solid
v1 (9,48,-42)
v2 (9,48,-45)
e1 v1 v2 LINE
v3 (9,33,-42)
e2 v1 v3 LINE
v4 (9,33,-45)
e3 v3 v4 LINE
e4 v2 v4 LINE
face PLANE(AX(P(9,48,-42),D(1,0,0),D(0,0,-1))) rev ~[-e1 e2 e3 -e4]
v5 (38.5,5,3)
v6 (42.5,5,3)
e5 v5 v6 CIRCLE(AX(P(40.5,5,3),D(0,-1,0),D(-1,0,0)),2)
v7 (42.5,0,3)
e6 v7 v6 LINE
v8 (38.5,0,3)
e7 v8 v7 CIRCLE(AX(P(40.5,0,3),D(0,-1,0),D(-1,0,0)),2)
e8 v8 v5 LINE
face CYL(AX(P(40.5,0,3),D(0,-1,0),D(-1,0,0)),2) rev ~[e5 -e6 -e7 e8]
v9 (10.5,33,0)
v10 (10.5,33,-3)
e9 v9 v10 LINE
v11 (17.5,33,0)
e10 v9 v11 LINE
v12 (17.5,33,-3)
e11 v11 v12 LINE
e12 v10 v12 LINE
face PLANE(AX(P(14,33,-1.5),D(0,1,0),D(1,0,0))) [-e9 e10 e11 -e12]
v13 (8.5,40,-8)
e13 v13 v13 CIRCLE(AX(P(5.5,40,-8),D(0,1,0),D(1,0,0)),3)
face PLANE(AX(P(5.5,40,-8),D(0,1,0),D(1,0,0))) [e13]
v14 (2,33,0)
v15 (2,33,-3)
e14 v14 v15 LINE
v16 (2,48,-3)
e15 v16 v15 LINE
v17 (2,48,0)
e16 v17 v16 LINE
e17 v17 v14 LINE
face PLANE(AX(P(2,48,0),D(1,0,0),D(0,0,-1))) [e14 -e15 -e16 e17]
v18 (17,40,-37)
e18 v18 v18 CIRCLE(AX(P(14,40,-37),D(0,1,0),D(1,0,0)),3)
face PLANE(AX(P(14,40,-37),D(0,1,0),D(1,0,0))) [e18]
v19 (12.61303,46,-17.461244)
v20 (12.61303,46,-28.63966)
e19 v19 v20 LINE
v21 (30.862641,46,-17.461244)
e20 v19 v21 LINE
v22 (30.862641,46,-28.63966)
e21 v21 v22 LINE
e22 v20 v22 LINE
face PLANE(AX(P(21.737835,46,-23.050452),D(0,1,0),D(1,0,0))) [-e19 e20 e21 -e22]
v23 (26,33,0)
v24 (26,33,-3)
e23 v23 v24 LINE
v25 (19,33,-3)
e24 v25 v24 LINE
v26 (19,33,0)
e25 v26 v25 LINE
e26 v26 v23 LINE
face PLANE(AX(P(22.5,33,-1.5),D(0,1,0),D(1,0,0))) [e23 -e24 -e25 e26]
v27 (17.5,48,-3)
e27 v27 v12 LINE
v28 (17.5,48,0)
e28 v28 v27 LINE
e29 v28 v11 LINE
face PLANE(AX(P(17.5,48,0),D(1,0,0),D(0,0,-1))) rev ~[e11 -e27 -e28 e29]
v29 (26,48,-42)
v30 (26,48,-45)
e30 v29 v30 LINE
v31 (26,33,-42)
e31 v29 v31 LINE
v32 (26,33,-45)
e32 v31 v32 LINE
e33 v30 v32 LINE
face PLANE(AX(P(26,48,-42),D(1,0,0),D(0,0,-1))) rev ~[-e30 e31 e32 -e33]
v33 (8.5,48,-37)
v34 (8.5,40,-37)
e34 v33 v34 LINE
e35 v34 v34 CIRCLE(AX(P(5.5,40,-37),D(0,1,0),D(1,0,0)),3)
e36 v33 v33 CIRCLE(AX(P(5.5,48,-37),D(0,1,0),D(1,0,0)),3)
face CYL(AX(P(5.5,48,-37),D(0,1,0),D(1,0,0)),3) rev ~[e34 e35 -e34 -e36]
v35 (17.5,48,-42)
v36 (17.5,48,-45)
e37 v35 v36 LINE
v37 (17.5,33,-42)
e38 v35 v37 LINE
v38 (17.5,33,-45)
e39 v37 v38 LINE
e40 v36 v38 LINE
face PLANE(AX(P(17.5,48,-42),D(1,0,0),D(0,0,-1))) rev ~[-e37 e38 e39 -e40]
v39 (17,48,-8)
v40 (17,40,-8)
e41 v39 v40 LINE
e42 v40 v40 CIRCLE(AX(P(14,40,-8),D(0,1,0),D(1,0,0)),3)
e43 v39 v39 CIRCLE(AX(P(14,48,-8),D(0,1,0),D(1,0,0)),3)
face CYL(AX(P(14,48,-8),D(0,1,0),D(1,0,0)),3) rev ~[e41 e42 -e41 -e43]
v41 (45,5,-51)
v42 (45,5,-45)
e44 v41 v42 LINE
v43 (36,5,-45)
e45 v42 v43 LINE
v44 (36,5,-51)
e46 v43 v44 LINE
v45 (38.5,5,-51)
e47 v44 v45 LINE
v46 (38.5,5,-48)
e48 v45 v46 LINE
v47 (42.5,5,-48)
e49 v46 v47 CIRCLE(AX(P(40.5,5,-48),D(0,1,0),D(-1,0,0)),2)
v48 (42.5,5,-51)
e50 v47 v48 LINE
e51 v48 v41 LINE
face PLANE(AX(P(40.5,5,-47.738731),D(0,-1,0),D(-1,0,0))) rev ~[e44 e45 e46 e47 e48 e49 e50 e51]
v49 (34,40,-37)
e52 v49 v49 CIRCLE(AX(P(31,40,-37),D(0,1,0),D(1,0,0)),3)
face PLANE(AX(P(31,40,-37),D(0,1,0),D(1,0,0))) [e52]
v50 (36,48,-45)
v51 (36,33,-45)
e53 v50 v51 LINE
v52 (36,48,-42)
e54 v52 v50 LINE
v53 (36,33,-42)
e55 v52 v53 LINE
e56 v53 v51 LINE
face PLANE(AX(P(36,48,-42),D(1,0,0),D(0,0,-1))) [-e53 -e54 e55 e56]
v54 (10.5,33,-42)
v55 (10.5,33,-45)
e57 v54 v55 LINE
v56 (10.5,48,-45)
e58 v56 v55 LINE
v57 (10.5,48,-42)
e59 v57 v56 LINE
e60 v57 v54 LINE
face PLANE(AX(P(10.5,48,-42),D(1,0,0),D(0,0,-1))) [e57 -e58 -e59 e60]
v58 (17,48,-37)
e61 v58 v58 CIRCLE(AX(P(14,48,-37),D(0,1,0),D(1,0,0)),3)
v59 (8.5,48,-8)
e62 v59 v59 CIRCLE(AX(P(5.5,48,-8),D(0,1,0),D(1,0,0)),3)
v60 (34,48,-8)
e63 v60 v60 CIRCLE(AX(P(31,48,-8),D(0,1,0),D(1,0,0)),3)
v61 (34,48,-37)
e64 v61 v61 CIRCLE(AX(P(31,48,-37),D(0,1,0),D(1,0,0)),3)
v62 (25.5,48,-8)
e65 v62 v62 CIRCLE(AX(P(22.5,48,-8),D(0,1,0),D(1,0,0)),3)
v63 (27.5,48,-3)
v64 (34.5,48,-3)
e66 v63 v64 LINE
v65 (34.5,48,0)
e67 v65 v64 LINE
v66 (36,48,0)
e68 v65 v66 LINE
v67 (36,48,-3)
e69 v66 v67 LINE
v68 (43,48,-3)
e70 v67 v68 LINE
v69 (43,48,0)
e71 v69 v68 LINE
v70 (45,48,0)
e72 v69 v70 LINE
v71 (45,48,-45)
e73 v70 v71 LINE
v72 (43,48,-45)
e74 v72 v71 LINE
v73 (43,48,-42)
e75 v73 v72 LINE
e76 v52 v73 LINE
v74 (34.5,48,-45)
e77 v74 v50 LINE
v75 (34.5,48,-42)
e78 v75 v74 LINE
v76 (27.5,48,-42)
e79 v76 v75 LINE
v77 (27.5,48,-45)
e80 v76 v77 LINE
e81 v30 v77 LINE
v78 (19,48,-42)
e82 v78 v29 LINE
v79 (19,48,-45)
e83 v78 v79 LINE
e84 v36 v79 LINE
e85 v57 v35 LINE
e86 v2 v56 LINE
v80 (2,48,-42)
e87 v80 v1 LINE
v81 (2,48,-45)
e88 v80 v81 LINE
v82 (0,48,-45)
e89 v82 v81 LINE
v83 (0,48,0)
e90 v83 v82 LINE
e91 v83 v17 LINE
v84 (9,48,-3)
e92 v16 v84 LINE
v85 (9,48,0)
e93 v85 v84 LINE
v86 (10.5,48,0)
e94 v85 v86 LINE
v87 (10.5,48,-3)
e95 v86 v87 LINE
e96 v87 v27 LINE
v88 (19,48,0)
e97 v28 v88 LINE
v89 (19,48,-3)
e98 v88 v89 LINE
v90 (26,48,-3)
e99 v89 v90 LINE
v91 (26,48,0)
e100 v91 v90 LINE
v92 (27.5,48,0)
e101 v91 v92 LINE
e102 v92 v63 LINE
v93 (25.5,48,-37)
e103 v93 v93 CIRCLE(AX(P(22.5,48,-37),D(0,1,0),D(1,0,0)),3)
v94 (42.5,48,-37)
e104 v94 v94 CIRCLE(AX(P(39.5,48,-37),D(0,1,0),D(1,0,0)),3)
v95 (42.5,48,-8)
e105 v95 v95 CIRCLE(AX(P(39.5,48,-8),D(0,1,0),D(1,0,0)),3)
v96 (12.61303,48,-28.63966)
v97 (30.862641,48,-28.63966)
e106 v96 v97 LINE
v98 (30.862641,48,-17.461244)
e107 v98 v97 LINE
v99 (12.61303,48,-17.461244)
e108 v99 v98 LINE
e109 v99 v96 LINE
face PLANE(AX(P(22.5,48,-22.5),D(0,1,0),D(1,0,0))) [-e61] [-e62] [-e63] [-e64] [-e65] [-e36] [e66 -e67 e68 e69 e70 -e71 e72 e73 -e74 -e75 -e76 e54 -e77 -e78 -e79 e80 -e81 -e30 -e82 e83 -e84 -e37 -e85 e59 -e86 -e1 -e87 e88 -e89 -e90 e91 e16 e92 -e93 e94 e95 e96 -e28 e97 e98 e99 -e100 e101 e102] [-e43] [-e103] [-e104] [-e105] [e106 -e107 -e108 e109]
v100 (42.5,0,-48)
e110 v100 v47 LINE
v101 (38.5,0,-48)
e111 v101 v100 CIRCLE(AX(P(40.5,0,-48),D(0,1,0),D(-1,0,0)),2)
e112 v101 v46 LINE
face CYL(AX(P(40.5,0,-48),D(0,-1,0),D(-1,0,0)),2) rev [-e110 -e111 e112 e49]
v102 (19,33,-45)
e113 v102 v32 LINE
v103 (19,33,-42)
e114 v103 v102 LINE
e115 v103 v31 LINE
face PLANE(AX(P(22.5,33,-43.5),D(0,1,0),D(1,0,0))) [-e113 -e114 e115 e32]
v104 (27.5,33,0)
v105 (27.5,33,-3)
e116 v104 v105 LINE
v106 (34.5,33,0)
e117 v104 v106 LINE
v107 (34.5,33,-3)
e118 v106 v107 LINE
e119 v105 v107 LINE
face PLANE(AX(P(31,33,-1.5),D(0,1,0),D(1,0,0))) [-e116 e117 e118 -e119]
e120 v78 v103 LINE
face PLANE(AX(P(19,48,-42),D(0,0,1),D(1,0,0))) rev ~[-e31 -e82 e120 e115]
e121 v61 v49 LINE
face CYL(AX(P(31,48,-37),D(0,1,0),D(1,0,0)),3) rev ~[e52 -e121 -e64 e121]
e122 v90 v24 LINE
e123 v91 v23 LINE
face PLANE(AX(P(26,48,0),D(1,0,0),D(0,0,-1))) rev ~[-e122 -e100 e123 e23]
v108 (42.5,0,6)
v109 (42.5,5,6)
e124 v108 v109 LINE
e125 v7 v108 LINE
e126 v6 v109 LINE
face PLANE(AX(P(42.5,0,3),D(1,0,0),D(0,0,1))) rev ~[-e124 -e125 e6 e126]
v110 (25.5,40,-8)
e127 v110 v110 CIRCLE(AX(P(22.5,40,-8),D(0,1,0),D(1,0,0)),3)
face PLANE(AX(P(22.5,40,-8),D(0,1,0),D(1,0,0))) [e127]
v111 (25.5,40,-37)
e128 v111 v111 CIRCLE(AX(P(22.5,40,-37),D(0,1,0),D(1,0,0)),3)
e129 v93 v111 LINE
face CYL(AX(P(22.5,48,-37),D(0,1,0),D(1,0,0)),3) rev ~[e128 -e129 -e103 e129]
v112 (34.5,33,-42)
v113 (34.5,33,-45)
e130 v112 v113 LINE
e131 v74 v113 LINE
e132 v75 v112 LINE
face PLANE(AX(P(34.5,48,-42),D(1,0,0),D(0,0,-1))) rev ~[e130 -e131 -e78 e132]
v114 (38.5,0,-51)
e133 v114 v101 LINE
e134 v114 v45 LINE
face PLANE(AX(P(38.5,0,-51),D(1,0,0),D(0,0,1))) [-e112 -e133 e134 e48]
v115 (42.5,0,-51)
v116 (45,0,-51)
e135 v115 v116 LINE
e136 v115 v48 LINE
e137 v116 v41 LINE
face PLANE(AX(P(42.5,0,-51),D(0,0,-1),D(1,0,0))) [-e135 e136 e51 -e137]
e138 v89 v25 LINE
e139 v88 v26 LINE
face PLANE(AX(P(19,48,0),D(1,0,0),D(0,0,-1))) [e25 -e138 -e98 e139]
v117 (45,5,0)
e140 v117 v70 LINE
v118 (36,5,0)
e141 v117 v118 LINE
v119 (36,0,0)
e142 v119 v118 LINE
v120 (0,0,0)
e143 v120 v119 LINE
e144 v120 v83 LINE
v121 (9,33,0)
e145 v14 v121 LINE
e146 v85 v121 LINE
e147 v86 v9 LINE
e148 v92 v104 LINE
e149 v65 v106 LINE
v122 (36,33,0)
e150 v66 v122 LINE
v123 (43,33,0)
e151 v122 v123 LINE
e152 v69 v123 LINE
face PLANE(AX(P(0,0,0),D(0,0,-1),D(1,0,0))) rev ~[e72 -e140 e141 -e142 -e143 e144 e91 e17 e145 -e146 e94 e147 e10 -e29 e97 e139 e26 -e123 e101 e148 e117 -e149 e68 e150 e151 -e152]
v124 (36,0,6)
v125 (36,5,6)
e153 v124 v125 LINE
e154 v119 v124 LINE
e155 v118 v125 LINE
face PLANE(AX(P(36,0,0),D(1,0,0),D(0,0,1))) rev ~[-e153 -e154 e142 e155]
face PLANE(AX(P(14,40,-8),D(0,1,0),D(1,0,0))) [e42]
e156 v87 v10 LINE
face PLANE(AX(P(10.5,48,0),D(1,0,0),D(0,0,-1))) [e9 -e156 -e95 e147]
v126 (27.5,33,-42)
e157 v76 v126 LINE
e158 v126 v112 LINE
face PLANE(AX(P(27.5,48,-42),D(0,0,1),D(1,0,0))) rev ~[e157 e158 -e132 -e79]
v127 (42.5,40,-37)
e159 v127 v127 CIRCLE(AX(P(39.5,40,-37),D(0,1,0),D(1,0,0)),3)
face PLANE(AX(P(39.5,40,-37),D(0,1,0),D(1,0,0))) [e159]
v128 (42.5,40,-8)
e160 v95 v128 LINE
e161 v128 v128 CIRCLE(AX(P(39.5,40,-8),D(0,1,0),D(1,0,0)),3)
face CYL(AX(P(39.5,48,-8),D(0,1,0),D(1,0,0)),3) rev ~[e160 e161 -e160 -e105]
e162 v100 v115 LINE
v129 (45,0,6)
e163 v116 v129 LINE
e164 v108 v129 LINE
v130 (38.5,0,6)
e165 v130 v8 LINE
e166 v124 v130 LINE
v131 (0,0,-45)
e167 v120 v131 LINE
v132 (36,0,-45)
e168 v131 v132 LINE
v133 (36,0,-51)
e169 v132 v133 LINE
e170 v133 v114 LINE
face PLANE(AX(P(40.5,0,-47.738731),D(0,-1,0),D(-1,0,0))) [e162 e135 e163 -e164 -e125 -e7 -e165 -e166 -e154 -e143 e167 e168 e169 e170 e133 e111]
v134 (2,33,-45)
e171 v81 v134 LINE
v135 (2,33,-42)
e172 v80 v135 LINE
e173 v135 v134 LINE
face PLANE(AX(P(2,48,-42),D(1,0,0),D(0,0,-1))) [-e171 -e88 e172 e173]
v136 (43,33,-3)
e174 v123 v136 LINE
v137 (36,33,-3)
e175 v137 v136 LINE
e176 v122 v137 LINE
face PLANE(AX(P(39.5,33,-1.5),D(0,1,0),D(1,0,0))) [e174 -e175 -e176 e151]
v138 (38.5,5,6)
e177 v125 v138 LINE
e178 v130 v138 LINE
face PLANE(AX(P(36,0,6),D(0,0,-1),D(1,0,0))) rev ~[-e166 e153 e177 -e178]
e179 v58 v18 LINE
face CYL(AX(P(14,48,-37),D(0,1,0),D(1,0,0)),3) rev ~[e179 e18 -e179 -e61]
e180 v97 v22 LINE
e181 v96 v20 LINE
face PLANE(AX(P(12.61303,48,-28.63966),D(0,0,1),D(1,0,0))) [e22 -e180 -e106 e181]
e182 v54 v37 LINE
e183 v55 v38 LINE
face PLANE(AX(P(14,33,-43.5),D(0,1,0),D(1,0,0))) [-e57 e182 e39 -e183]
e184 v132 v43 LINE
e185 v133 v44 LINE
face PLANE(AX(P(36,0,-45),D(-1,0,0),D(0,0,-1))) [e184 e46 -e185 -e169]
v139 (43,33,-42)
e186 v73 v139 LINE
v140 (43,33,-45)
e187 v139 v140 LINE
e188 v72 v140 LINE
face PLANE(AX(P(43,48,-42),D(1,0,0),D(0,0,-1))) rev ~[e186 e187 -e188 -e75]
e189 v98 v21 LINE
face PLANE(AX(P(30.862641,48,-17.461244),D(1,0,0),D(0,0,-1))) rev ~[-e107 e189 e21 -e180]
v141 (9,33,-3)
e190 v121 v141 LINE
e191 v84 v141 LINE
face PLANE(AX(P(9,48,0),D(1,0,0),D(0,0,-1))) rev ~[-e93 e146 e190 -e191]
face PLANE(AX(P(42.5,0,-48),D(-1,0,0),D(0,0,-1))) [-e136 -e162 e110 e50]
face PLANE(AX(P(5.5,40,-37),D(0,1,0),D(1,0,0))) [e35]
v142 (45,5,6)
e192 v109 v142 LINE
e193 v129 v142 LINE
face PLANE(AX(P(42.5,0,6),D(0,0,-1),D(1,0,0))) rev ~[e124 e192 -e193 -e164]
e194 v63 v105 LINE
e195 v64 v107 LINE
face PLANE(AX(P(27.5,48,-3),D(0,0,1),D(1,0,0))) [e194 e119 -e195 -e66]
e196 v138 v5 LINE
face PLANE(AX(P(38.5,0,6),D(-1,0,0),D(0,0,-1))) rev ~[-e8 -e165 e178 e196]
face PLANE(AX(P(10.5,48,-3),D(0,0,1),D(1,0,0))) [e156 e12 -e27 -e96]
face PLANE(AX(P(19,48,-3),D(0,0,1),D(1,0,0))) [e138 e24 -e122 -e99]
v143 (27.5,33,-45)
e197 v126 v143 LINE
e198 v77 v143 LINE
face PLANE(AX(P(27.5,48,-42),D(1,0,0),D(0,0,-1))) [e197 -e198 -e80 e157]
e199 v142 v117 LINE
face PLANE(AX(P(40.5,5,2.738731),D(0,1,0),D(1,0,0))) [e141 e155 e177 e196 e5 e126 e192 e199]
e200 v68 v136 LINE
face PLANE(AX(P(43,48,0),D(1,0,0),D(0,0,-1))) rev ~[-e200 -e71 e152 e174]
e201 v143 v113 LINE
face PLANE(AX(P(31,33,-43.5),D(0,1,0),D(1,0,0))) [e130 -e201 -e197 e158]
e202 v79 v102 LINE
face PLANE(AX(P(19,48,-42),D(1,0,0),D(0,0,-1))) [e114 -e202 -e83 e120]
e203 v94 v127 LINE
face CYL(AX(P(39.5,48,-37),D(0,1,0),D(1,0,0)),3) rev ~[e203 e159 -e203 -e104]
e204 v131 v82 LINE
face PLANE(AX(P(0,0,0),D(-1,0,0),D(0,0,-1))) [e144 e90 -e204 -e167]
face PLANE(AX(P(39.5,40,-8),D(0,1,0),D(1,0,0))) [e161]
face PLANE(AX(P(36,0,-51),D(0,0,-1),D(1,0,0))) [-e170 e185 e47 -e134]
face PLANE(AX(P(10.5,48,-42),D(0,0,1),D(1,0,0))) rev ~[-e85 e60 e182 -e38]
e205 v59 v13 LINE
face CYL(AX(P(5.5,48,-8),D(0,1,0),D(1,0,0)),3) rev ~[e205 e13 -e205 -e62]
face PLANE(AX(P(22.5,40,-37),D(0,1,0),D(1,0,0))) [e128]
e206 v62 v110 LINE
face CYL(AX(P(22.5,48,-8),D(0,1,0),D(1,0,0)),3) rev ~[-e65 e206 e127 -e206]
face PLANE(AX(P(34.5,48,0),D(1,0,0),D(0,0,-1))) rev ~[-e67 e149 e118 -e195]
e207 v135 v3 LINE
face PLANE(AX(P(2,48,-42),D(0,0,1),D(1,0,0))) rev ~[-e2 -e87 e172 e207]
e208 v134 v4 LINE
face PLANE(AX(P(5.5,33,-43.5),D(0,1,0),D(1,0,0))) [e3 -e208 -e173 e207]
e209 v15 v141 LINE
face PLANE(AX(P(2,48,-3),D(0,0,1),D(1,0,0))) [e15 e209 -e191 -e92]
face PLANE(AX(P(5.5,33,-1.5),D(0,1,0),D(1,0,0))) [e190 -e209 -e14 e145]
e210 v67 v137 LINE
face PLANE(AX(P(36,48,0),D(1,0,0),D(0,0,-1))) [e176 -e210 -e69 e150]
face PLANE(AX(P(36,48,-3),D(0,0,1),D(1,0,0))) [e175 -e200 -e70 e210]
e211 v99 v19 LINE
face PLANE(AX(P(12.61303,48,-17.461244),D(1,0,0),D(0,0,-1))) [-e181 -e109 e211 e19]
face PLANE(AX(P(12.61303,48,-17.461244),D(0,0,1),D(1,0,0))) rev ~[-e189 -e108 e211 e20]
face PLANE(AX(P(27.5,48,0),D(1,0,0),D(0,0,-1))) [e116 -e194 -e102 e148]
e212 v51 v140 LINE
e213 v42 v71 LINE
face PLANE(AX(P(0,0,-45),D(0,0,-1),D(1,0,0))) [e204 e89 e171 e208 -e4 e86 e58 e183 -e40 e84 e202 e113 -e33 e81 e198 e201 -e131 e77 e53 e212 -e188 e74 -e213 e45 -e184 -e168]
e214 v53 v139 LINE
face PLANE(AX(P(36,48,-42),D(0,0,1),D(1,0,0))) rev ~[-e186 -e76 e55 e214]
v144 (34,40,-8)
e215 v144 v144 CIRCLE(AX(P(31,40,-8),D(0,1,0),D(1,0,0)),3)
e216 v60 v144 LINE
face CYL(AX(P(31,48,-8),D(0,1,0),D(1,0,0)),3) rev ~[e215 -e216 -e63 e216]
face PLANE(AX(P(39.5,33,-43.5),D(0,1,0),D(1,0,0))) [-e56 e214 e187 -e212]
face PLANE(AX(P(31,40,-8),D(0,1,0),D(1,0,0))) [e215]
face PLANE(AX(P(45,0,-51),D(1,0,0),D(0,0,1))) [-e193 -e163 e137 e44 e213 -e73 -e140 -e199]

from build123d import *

# Parameters (mm, degrees)
SKETCH1_W           = 45
SKETCH1_H           = 45
BOSS_EXTRUDE1_DEPTH = 48
SKETCH2_W           = 7
SKETCH2_H           = 3
CUT_EXTRUDE1_DEPTH  = 15
SKETCH3_R           = 3
CUT_EXTRUDE2_DEPTH  = 8
SKETCH4_W           = 18.249611446
SKETCH4_H           = 11.178416291
CUT_EXTRUDE3_DEPTH  = 2
BOSS_EXTRUDE2_DEPTH = 5


with BuildPart() as part:
    # Sketch1 → Boss-Extrude1 (new body)
    with BuildSketch(Plane(origin=(0, 0, 0), x_dir=(1, 0, 0), z_dir=(0, 1, 0))):
        with Locations((22.5, 22.5)):
            Rectangle(SKETCH1_W, SKETCH1_H)
    extrude(amount=BOSS_EXTRUDE1_DEPTH)

    # Sketch2 → Cut-Extrude1 (cut)
    with BuildSketch(Plane(origin=(0, 48, 0), x_dir=(1, 0, 0), z_dir=(0, 1, 0))):
        with Locations((5.5, 1.5)):
            Rectangle(SKETCH2_W, SKETCH2_H)
        with Locations((14, 1.5)):
            Rectangle(SKETCH2_W, SKETCH2_H)
        with Locations((22.5, 1.5)):
            Rectangle(SKETCH2_W, SKETCH2_H)
        with Locations((31, 1.5)):
            Rectangle(SKETCH2_W, SKETCH2_H)
        with Locations((39.5, 1.5)):
            Rectangle(SKETCH2_W, SKETCH2_H)
        with Locations((39.5, 43.5)):
            Rectangle(SKETCH2_W, SKETCH2_H)
        with Locations((31, 43.5)):
            Rectangle(SKETCH2_W, SKETCH2_H)
        with Locations((22.5, 43.5)):
            Rectangle(SKETCH2_W, SKETCH2_H)
        with Locations((14, 43.5)):
            Rectangle(SKETCH2_W, SKETCH2_H)
        with Locations((5.5, 43.5)):
            Rectangle(SKETCH2_W, SKETCH2_H)
    extrude(amount=-CUT_EXTRUDE1_DEPTH, mode=Mode.SUBTRACT)

    # Sketch3 → Cut-Extrude2 (cut)
    with BuildSketch(Plane(origin=(0, 48, 0), x_dir=(1, 0, 0), z_dir=(0, 1, 0))):
        with Locations((5.5, 8)):
            Circle(SKETCH3_R)
        with Locations((14, 8)):
            Circle(SKETCH3_R)
        with Locations((22.5, 8)):
            Circle(SKETCH3_R)
        with Locations((31, 8)):
            Circle(SKETCH3_R)
        with Locations((39.5, 8)):
            Circle(SKETCH3_R)
        with Locations((39.5, 37)):
            Circle(SKETCH3_R)
        with Locations((31, 37)):
            Circle(SKETCH3_R)
        with Locations((22.5, 37)):
            Circle(SKETCH3_R)
        with Locations((14, 37)):
            Circle(SKETCH3_R)
        with Locations((5.5, 37)):
            Circle(SKETCH3_R)
    extrude(amount=-CUT_EXTRUDE2_DEPTH, mode=Mode.SUBTRACT)

    # Sketch4 → Cut-Extrude3 (cut)
    with BuildSketch(Plane(origin=(0, 48, 0), x_dir=(1, 0, 0), z_dir=(0, 1, 0))):
        with Locations((21.737835253, 23.050452318)):
            Rectangle(SKETCH4_W, SKETCH4_H)
    extrude(amount=-CUT_EXTRUDE3_DEPTH, mode=Mode.SUBTRACT)

    # Sketch5 → Boss-Extrude2 (add)
    with BuildSketch(Plane(origin=(0, 0, 0), x_dir=(-1, 0, 0), z_dir=(0, -1, 0))):
        with BuildLine():
            Line((-42.5, 48), (-42.5, 51))
            Line((-42.5, 51), (-45, 51))
            Line((-45, 51), (-45, 45))
            Line((-45, 45), (-36, 45))
            Line((-36, 45), (-36, 51))
            Line((-36, 51), (-38.5, 51))
            Line((-38.5, 51), (-38.5, 48))
            ThreePointArc((-38.5, 48), (-40.5, 46), (-42.5, 48))
        make_face()
        with BuildLine():
            Line((-45, 0), (-36, 0))
            Line((-36, 0), (-36, -6))
            Line((-36, -6), (-38.5, -6))
            Line((-38.5, -6), (-38.5, -3))
            ThreePointArc((-38.5, -3), (-40.5, -1), (-42.5, -3))
            Line((-42.5, -3), (-42.5, -6))
            Line((-42.5, -6), (-45, -6))
            Line((-45, -6), (-45, 0))
        make_face()
    extrude(amount=-BOSS_EXTRUDE2_DEPTH)


solid = part.part
